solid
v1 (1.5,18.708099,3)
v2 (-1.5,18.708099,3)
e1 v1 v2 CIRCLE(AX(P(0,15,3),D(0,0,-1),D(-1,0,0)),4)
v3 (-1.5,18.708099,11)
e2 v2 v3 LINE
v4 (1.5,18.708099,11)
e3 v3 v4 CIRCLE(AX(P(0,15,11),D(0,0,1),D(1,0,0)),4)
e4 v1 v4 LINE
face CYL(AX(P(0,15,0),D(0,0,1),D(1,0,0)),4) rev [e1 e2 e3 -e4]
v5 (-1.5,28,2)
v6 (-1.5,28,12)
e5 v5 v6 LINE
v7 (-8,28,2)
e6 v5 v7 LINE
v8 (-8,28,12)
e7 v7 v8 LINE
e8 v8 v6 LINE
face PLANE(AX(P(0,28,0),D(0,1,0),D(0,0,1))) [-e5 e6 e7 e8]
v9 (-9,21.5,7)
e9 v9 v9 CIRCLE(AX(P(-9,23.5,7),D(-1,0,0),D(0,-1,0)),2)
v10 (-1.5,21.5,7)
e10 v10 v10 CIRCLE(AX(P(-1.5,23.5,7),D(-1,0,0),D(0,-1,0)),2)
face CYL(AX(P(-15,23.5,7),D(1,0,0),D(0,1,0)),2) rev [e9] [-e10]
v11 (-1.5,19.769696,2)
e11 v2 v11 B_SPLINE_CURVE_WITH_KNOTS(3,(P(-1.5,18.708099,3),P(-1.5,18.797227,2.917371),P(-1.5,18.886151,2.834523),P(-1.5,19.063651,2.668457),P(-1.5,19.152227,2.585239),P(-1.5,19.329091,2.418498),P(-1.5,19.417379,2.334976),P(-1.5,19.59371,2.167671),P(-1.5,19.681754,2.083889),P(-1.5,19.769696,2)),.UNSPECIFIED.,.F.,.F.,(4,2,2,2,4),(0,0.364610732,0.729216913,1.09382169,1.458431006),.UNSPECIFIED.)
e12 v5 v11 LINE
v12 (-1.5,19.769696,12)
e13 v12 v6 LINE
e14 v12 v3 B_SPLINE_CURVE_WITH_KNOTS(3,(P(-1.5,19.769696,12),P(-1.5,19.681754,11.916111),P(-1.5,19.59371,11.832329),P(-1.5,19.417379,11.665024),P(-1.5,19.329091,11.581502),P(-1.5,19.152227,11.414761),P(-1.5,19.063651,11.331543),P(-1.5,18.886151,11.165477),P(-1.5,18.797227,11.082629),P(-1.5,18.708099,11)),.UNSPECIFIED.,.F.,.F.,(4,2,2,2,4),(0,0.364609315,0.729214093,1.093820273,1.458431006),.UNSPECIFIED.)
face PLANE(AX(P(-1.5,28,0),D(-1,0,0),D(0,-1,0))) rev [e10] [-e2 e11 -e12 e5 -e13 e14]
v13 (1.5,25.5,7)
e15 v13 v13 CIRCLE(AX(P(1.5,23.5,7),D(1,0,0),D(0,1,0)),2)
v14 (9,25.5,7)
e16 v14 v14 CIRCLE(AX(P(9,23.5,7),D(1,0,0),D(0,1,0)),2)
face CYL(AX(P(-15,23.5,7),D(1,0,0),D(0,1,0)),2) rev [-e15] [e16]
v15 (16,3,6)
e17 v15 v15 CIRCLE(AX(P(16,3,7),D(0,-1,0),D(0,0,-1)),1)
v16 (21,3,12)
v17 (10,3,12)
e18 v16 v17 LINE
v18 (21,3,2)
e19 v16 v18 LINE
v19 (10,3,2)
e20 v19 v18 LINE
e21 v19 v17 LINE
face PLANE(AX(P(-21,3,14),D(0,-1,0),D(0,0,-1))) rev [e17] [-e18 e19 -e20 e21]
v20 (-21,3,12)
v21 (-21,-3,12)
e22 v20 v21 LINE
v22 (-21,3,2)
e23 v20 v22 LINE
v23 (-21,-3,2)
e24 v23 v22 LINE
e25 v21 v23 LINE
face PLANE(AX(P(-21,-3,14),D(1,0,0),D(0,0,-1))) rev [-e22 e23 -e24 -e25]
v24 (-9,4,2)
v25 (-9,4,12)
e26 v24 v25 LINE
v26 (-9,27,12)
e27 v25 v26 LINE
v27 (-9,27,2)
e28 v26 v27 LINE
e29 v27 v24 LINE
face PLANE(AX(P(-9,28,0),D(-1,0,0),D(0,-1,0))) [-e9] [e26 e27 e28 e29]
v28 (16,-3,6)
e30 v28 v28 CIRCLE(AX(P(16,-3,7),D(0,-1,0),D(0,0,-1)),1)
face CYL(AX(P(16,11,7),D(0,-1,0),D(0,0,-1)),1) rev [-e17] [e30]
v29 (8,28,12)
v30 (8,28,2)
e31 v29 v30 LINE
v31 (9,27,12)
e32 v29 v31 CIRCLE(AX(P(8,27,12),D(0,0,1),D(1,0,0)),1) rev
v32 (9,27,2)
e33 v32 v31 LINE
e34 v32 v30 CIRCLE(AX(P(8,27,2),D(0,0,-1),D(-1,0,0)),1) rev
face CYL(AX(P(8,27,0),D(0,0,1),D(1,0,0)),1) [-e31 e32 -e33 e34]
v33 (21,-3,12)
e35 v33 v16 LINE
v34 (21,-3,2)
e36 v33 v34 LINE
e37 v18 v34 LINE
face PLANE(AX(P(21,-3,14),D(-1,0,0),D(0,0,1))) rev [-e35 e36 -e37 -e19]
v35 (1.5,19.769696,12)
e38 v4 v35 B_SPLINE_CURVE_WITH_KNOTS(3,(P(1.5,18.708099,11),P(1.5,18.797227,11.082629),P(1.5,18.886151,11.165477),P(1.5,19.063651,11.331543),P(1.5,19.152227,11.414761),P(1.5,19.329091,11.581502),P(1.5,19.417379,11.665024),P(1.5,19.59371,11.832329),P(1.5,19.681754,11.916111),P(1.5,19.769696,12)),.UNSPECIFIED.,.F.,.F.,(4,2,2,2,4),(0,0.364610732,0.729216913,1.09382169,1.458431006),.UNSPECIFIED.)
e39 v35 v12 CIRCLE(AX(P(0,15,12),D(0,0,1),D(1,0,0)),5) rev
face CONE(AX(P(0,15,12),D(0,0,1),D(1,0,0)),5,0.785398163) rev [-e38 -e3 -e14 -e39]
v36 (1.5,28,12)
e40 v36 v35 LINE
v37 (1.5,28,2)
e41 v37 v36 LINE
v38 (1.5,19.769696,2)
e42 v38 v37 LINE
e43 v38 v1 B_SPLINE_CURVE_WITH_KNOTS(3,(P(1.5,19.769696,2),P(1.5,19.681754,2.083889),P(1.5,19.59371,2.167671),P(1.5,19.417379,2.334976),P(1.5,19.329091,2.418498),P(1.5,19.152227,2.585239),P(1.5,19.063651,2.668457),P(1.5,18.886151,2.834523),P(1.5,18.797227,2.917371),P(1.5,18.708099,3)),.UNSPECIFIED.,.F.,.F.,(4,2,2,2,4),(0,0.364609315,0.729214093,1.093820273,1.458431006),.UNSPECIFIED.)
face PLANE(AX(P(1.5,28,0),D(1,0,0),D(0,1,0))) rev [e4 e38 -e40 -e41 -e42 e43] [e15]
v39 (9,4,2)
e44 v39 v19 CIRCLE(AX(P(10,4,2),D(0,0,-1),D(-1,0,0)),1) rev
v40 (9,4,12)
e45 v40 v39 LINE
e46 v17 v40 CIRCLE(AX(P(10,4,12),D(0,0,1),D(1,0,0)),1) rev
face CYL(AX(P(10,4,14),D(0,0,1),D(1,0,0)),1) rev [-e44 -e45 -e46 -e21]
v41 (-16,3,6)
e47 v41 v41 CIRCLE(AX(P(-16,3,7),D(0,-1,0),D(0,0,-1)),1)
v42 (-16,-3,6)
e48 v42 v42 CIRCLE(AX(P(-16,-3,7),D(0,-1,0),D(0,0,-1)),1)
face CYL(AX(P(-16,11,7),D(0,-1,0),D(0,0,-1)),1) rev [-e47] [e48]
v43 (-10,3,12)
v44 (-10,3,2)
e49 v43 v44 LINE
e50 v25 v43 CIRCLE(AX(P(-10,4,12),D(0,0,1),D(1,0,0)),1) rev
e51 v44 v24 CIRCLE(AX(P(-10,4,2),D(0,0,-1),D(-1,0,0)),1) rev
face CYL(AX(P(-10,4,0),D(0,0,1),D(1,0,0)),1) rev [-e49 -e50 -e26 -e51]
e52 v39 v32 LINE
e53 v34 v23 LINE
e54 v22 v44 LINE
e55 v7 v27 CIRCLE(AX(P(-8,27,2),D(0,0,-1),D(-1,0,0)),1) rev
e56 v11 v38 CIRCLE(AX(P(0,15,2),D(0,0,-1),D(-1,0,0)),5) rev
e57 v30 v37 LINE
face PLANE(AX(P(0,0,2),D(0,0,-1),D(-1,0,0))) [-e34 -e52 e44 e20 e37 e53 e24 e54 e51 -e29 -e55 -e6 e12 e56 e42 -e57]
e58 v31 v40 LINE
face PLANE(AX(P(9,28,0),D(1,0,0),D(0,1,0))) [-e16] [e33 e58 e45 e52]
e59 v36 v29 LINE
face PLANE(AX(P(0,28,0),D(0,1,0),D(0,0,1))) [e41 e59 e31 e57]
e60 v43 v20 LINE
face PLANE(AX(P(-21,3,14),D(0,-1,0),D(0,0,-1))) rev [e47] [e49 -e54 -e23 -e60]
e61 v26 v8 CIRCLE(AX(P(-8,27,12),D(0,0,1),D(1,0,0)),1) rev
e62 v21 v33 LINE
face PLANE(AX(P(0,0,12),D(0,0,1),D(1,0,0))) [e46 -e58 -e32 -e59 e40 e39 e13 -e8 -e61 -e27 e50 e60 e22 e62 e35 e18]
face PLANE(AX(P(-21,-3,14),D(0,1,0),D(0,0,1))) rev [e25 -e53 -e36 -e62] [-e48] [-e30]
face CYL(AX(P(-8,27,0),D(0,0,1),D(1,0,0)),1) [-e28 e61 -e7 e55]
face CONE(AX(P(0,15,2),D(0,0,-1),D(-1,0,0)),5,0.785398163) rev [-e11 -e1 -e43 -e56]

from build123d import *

# Parameters (mm, degrees)
SKETCH1_W           = 42
SKETCH1_H           = 6
BOSS_EXTRUDE1_DEPTH = 14
BOSS_EXTRUDE2_DEPTH = 14
SKETCH3_R           = 4
CUT_EXTRUDE1_DEPTH  = 14
SKETCH4_R           = 1
CUT_EXTRUDE2_DEPTH  = 14
FILLET1_R           = 1
FILLET2_R           = 1
FILLET3_R           = 1
FILLET4_R           = 1
CHAMFER1_SIZE       = 1
CHAMFER2_SIZE       = 1
CUT_EXTRUDE4_DEPTH  = 14
SKETCH7_R           = 2
CUT_EXTRUDE5_DEPTH  = 24
SKETCH10_W          = 63.901140572
SKETCH10_H          = 43.979020276
CUT_EXTRUDE8_DEPTH  = 2
SKETCH11_W          = 62.872788093
SKETCH11_H          = 44.7095382
CUT_EXTRUDE9_DEPTH  = 2
CHAMFER3_SIZE       = 1
CHAMFER4_SIZE       = 1


with BuildPart() as part:
    # Sketch1 → Boss-Extrude1 (new body)
    with BuildSketch(Plane.XY):
        Rectangle(SKETCH1_W, SKETCH1_H)
    extrude(amount=BOSS_EXTRUDE1_DEPTH)

    # Sketch2 → Boss-Extrude2 (add)
    with BuildSketch(Plane.XY.offset(14)):
        Polygon((0, 28), (-9, 28), (-9, 3), (9, 3), (9, 28), align=None)
    extrude(amount=-BOSS_EXTRUDE2_DEPTH)

    # Sketch3 → Cut-Extrude1 (cut)
    with BuildSketch(Plane.XY.offset(14)):
        with Locations((0, 15)):
            Circle(SKETCH3_R)
    extrude(amount=-CUT_EXTRUDE1_DEPTH, mode=Mode.SUBTRACT)

    # Sketch4 → Cut-Extrude2 (cut)
    with BuildSketch(Plane.XZ.offset(3)):
        with Locations(Location((-16, 7, 0), (0, 0, 270))):
            Circle(SKETCH4_R)
        with Locations(Location((16, 7, 0), (0, 0, 270))):
            Circle(SKETCH4_R)
    extrude(amount=-CUT_EXTRUDE2_DEPTH, mode=Mode.SUBTRACT)

    # Fillet1
    fillet1_edges = [part.edges().sort_by_distance(p)[0] for p in [
        (-9, 3, 7),
    ]]
    fillet(fillet1_edges, radius=FILLET1_R)

    # Fillet2
    fillet2_edges = [part.edges().sort_by_distance(p)[0] for p in [
        (9, 3, 7),
    ]]
    fillet(fillet2_edges, radius=FILLET2_R)

    # Fillet3
    fillet3_edges = [part.edges().sort_by_distance(p)[0] for p in [
        (-9, 28, 7),
    ]]
    fillet(fillet3_edges, radius=FILLET3_R)

    # Fillet4
    fillet4_edges = [part.edges().sort_by_distance(p)[0] for p in [
        (9, 28, 7),
    ]]
    fillet(fillet4_edges, radius=FILLET4_R)

    # Chamfer1
    chamfer1_edges = [part.edges().sort_by_distance(p)[0] for p in [
        (-4, 15, 14),
    ]]
    chamfer(chamfer1_edges, length=CHAMFER1_SIZE)

    # Chamfer2
    chamfer2_edges = [part.edges().sort_by_distance(p)[0] for p in [
        (-4, 15, 0),
    ]]
    chamfer(chamfer2_edges, length=CHAMFER2_SIZE)

    # Sketch6 → Cut-Extrude4 (cut)
    with BuildSketch(Plane.XY.offset(14)):
        with BuildLine():
            Line((0, 28), (-1.5, 28))
            Line((-1.5, 28), (-1.5, 18.708099244))
            ThreePointArc((-1.5, 18.708099244), (0, 19), (1.5, 18.708099244))
            Line((1.5, 18.708099244), (1.5, 28))
            Line((1.5, 28), (0, 28))
        make_face()
    extrude(amount=-CUT_EXTRUDE4_DEPTH, mode=Mode.SUBTRACT)

    # Sketch7 → Cut-Extrude5 (cut)
    with BuildSketch(Plane(origin=(9, 0, 0), x_dir=(0, 0, -1), z_dir=(1, 0, 0))):
        with Locations(Location((-7, 23.5, 0), (0, 0, 90))):
            Circle(SKETCH7_R)
    extrude(amount=-CUT_EXTRUDE5_DEPTH, mode=Mode.SUBTRACT)

    # Sketch10 → Cut-Extrude8 (cut)
    with BuildSketch(Plane.XY.offset(14)):
        with Locations((1.003303608, 14.168104251)):
            Rectangle(SKETCH10_W, SKETCH10_H)
    extrude(amount=-CUT_EXTRUDE8_DEPTH, mode=Mode.SUBTRACT)

    # Sketch11 → Cut-Extrude9 (cut)
    with BuildSketch(Plane(origin=(0, 0, 0), x_dir=(-1, 0, 0), z_dir=(0, 0, -1))):
        with Locations((3.111885471, 13.654031467)):
            Rectangle(SKETCH11_W, SKETCH11_H)
    extrude(amount=-CUT_EXTRUDE9_DEPTH, mode=Mode.SUBTRACT)

    # Chamfer3
    chamfer3_edges = [part.edges().sort_by_distance(p)[0] for p in [
        (0, 11, 12),
    ]]
    chamfer(chamfer3_edges, length=CHAMFER3_SIZE)

    # Chamfer4
    chamfer4_edges = [part.edges().sort_by_distance(p)[0] for p in [
        (0, 11, 2),
    ]]
    chamfer(chamfer4_edges, length=CHAMFER4_SIZE)


solid = part.part
